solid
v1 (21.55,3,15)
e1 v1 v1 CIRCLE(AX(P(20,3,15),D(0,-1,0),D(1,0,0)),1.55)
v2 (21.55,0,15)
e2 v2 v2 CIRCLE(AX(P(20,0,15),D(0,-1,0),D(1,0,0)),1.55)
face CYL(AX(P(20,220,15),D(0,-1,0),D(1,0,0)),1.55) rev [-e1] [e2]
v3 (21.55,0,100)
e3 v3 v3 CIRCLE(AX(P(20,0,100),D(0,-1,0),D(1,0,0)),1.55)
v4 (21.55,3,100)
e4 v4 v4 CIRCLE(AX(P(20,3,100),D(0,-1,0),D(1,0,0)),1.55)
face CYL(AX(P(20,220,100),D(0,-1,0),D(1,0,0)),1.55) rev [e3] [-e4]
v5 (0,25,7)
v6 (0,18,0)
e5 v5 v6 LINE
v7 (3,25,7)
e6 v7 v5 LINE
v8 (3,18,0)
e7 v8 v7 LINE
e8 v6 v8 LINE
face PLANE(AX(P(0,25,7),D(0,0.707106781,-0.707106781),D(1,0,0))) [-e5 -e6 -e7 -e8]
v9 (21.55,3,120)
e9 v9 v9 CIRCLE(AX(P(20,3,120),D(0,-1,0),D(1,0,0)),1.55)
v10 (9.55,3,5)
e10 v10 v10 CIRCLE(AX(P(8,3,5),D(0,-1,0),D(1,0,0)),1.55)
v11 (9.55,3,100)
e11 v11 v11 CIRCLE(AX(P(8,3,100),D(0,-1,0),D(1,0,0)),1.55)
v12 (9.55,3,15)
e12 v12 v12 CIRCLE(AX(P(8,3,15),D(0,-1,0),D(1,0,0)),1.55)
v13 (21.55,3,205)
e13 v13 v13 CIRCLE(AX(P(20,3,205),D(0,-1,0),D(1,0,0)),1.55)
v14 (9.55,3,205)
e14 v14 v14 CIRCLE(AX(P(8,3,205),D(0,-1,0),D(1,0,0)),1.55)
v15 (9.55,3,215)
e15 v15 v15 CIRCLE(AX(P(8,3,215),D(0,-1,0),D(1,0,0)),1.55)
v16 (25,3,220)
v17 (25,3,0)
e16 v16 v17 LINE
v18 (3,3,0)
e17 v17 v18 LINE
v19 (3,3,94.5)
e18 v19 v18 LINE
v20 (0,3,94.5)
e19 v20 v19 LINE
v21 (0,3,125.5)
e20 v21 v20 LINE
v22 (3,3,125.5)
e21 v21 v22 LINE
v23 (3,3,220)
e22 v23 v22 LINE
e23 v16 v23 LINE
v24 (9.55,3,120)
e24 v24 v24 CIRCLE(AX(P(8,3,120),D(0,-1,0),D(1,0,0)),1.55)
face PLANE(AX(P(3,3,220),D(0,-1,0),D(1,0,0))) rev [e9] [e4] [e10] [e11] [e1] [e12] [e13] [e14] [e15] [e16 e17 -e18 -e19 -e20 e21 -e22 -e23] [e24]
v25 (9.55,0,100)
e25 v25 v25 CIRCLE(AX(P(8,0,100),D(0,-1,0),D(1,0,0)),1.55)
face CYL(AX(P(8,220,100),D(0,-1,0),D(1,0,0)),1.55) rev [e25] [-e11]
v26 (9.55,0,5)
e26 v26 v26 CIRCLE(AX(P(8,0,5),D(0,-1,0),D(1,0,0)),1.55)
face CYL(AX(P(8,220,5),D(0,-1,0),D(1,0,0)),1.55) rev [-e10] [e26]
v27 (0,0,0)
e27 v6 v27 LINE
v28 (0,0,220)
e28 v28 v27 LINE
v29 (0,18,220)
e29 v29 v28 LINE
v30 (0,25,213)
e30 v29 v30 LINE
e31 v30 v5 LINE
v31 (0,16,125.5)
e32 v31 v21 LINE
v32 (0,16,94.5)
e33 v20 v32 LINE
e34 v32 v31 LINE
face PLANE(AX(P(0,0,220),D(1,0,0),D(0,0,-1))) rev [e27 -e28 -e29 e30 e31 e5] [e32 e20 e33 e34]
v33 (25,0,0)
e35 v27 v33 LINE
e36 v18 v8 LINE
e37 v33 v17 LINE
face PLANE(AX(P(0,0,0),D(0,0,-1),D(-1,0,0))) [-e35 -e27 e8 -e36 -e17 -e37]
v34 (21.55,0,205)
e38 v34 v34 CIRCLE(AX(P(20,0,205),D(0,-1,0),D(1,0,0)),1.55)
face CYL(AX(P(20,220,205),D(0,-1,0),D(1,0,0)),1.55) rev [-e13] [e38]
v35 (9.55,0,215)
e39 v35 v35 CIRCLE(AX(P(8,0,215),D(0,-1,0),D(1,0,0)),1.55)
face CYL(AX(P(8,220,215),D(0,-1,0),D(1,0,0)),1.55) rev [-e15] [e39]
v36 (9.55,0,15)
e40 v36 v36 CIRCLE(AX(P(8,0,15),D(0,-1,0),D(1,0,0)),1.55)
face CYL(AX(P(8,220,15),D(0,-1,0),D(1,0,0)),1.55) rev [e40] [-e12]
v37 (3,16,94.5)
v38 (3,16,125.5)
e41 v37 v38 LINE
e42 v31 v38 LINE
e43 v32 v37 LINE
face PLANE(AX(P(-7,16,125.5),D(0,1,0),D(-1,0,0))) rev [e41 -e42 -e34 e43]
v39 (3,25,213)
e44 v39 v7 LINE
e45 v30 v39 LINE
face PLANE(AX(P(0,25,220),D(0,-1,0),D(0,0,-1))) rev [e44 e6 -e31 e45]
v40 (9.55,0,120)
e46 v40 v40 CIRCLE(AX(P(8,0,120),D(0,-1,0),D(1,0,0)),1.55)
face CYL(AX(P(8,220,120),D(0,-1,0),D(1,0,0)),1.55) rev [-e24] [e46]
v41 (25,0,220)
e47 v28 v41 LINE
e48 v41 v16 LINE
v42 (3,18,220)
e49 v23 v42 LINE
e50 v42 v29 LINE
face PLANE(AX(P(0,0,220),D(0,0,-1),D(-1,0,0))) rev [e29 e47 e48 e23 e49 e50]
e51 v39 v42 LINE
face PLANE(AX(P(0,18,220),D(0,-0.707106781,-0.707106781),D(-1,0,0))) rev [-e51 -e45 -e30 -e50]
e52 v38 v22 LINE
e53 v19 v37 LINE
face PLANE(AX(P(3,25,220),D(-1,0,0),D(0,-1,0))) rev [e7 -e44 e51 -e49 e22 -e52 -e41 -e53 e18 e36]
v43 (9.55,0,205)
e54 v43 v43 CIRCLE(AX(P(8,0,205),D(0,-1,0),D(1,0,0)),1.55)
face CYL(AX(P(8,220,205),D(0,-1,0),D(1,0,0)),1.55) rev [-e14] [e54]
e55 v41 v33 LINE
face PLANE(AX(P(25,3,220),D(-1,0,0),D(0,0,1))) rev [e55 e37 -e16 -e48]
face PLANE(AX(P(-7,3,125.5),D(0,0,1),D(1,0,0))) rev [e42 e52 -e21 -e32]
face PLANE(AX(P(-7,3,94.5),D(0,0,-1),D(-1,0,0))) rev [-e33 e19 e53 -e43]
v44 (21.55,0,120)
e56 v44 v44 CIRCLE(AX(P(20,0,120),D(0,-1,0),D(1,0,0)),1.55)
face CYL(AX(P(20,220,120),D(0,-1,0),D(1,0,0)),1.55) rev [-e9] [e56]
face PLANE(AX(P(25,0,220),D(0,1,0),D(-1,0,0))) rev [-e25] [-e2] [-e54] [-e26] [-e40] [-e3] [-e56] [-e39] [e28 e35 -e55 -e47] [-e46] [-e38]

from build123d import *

# Parameters (mm, degrees)
BOSS_EXTRUDE1_DEPTH = 220
SKETCH2_W           = 31
SKETCH2_H           = 13
CUT_EXTRUDE1_DEPTH  = 10
SKETCH3_R           = 1.55
CUT_EXTRUDE2_DEPTH  = 220
CHAMFER1_SIZE       = 7


with BuildPart() as part:
    # Sketch1 → Boss-Extrude1 (new body)
    with BuildSketch(Plane.XY):
        Polygon((0, 0), (0, 25), (3, 25), (3, 3), (25, 3), (25, 0), align=None)
    extrude(amount=BOSS_EXTRUDE1_DEPTH)

    # Sketch2 → Cut-Extrude1 (cut)
    with BuildSketch(Plane(origin=(3, 0, 0), x_dir=(0, 0, -1), z_dir=(1, 0, 0))):
        with Locations((-110, 9.5)):
            Rectangle(SKETCH2_W, SKETCH2_H)
    extrude(amount=-CUT_EXTRUDE1_DEPTH, mode=Mode.SUBTRACT)

    # Sketch3 → Cut-Extrude2 (cut)
    with BuildSketch(Plane.XZ):
        with Locations((8, 100)):
            Circle(SKETCH3_R)
        with Locations((8, 120)):
            Circle(SKETCH3_R)
        with Locations((8, 215)):
            Circle(SKETCH3_R)
        with Locations((8, 205)):
            Circle(SKETCH3_R)
        with Locations((8, 15)):
            Circle(SKETCH3_R)
        with Locations((8, 5)):
            Circle(SKETCH3_R)
        with Locations((20, 120)):
            Circle(SKETCH3_R)
        with Locations((20, 100)):
            Circle(SKETCH3_R)
        with Locations((20, 15)):
            Circle(SKETCH3_R)
        with Locations((20, 205)):
            Circle(SKETCH3_R)
    extrude(amount=-CUT_EXTRUDE2_DEPTH, mode=Mode.SUBTRACT)

    # Chamfer1
    chamfer1_edges = [part.edges().sort_by_distance(p)[0] for p in [
        (1.5, 25, 220),
        (1.5, 25, 0),
    ]]
    chamfer(chamfer1_edges, length=CHAMFER1_SIZE)


solid = part.part
